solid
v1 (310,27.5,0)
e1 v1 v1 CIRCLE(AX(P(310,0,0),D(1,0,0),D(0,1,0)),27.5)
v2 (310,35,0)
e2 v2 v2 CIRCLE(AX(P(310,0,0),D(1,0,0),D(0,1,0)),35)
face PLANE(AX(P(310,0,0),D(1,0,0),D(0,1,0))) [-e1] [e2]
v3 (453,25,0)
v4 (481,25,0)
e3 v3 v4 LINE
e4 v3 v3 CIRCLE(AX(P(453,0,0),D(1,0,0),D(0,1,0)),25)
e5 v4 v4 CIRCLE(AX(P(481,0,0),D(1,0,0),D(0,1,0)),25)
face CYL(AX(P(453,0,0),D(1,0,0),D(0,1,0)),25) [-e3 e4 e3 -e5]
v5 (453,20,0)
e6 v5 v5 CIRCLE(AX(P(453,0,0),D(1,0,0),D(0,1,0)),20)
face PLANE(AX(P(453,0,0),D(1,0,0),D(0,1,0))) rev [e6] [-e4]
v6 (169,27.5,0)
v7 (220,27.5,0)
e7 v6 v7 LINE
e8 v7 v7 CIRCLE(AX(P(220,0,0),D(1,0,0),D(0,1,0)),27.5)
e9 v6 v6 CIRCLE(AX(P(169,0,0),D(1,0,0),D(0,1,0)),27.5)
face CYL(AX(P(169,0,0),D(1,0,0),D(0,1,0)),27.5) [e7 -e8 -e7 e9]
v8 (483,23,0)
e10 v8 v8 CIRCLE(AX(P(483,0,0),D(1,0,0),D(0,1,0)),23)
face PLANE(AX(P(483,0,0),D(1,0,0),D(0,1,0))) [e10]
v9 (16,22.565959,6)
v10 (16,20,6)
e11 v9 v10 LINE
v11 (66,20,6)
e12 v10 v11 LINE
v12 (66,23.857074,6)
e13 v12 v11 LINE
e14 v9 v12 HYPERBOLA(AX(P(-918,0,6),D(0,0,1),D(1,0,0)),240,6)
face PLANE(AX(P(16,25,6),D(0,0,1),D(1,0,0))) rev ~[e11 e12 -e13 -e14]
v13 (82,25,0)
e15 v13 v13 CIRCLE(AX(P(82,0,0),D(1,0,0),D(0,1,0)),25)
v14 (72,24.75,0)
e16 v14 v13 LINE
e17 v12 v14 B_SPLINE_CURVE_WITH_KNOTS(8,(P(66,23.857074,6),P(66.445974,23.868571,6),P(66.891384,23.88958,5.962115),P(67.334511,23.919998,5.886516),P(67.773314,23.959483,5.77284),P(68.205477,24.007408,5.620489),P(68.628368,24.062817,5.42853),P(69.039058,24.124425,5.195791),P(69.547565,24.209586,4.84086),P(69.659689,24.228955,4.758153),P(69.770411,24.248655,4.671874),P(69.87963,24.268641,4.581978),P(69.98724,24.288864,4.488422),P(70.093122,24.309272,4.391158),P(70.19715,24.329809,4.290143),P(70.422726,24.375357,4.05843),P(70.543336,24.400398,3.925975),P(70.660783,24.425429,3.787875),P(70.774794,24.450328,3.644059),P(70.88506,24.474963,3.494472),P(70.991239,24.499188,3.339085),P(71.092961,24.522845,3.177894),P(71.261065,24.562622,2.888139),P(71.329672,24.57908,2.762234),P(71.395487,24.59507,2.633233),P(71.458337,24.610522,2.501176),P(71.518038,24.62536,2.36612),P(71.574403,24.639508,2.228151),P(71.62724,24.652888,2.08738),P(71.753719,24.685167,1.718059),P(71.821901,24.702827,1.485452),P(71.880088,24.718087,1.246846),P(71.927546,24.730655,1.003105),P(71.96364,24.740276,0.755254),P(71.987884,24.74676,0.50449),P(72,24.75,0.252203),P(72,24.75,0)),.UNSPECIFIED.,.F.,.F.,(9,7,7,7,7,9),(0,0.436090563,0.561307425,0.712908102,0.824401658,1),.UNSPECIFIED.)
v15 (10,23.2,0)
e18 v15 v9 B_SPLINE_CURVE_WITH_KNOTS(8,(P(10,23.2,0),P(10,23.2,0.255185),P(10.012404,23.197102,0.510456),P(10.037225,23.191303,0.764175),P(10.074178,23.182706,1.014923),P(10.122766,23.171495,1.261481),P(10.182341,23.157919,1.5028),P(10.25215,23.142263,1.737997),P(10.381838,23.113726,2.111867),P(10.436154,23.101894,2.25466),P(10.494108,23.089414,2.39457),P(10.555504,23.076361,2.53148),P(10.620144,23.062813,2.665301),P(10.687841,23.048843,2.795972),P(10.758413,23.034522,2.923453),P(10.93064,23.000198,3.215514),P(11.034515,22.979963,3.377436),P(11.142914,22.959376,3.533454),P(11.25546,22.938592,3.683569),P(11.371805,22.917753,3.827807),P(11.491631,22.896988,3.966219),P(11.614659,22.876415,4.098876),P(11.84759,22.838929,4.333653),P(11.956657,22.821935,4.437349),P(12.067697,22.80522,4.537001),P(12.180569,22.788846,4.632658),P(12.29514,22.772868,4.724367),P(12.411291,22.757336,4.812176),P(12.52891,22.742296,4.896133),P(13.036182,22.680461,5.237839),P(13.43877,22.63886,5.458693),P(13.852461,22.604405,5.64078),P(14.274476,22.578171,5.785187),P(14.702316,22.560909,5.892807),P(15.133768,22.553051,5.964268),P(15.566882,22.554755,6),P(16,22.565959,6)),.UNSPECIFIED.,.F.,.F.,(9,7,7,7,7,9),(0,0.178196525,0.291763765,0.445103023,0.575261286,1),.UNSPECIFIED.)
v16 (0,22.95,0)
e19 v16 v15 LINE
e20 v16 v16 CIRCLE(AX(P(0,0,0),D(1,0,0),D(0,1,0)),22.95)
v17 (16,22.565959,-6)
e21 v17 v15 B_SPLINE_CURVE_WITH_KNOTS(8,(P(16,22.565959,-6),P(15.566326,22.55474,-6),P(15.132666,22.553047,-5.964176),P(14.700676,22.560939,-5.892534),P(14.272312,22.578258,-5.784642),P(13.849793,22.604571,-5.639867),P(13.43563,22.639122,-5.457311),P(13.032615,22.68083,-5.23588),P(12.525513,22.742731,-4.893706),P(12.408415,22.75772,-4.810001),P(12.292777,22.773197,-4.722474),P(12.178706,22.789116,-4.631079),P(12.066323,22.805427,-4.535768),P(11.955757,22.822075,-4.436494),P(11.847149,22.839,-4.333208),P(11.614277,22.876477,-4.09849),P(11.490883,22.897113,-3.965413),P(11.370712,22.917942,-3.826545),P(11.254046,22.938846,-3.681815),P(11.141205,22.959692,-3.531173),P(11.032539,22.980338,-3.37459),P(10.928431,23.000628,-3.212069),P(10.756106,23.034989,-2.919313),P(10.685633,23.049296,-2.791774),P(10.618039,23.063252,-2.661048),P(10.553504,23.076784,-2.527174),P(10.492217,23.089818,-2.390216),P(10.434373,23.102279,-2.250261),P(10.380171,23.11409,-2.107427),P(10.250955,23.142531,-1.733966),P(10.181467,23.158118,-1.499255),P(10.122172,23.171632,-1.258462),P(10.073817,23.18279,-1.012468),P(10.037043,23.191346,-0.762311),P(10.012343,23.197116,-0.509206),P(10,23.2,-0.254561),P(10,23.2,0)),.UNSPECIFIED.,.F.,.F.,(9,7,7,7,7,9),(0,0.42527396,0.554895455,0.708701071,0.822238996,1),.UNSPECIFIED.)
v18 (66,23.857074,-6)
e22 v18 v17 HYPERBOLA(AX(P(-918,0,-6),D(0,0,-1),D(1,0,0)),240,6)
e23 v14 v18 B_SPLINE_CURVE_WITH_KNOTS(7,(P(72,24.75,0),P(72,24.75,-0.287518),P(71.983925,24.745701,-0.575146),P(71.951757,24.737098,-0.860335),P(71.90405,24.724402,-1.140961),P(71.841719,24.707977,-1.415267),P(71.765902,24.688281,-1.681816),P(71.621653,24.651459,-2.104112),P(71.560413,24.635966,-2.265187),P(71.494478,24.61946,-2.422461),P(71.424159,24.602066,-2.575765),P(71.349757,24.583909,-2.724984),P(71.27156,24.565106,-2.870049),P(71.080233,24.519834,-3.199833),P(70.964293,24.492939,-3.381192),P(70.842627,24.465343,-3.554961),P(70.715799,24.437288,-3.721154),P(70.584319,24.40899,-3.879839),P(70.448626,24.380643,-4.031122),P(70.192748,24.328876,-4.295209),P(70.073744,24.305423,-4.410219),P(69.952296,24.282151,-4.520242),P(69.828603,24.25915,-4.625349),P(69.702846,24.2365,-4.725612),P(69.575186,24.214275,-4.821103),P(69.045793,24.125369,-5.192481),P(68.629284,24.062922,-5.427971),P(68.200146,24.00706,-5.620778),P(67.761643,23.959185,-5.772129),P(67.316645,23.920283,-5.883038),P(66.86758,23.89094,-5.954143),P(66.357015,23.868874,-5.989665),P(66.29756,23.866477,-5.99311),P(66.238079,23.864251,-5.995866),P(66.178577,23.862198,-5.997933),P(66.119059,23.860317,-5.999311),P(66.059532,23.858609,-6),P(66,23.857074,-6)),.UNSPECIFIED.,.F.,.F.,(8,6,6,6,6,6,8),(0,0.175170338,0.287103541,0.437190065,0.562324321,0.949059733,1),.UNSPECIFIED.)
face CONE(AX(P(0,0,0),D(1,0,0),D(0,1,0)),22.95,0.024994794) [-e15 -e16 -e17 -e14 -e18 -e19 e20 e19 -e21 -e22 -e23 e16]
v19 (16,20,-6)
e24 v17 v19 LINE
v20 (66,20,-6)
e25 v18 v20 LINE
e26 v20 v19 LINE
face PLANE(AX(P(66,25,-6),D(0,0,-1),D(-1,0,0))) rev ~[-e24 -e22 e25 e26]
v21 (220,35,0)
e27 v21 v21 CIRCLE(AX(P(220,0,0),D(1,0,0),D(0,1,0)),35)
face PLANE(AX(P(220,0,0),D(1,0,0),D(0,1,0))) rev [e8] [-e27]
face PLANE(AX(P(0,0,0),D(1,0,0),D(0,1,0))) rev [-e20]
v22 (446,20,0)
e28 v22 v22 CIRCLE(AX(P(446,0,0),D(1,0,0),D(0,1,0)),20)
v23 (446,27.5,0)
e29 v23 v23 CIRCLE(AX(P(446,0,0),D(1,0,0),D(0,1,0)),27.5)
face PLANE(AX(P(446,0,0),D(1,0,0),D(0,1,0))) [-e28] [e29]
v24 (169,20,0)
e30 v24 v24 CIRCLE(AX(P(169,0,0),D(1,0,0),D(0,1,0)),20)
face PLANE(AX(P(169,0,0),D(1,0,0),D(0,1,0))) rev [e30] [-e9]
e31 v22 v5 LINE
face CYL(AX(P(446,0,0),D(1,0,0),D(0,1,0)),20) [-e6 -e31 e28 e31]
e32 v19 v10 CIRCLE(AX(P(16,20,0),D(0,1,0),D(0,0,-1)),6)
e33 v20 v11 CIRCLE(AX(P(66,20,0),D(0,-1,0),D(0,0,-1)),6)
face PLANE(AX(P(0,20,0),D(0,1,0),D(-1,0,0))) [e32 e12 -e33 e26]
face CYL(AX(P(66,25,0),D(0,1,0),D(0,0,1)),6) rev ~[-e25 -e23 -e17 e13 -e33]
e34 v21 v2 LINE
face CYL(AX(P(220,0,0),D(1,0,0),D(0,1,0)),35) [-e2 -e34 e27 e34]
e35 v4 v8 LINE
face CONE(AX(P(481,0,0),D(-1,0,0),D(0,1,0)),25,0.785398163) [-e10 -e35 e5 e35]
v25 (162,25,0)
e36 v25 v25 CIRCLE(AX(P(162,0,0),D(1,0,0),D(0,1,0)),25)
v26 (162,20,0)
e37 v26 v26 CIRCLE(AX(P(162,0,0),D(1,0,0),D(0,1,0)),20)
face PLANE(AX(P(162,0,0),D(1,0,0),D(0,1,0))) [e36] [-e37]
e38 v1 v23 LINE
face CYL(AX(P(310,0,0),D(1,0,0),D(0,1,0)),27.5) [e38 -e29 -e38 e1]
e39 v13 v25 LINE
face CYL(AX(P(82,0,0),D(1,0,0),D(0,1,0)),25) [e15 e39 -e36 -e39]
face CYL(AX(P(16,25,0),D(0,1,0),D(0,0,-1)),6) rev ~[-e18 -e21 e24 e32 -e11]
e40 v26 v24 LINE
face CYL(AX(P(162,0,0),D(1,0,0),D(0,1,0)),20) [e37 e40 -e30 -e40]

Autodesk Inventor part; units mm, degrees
ref_plane "Начальная плоскость" through (0, 0, 0) normal (1, 0, 0) x (0, 1, 0)
ref_plane "XY Plane" through (0, 0, 0) normal (0, 0, 1) x (1, 0, 0)
sketch "Основной эскиз" plane through (0, 0, 0) normal (0, 0, 1) x (1, 0, 0)
  line L0 (0, 0) -> (483, 0)
  line L1 (0, 0) -> (0, 22.95)
  line L2 (0, 22.95) -> (82, 25)
  line L3 (162, 25) -> (162, 20)
  line L4 (82, 25) -> (162, 25)
  line L5 (162, 20) -> (169, 20)
  line L6 (169, 20) -> (169, 27.5)
  line L7 (169, 27.5) -> (220, 27.5)
  line L8 (220, 27.5) -> (220, 35)
  line L9 (310, 35) -> (310, 27.5)
  line L10 (220, 35) -> (310, 35)
  line L11 (446, 27.5) -> (446, 20)
  line L12 (310, 27.5) -> (446, 27.5)
  line L13 (446, 20) -> (453, 20)
  line L14 (453, 20) -> (453, 25)
  line L15 (483, 25) -> (483, 0)
  line L16 (453, 25) -> (483, 25)
  dimension "d3" = 50
  dimension "d4" = 40
  dimension "d5" = 55
  dimension "d6" = 70
  dimension "d7" = 55
  dimension "d8" = 40
  dimension "d9" = 50
revolve "Вращение1" add sketch "Основной эскиз" angle 360 about axis through (0, 0, 0) along (1, 0, 0)
chamfer "Фаска1" distance 2 angle 45 1 edges at (483, -25, 0) measured on face at (463, 24.6763, -4.0103)
ref_plane "РабПлоскость1" through (0, 25, 0) normal (0, 1, 0) x (-1, 0, 0)
sketch "Эскиз3" plane through (0, 25, 0) normal (0, 1, 0) x (-1, 0, 0)
  line L0 (-16, 0) -> (-66, 0) construction
  line L1 (-16, 6) -> (-66, 6)
  line L2 (-66, -6) -> (-16, -6)
  arc A0 (-16, -6) -> (-16, 6) centre (-16, 0) ccw
  arc A1 (-66, 6) -> (-66, -6) centre (-66, 0) ccw
  line L3 (0, -22.95) -> (0, 22.95) projected
  line L4 (14.4, 0) -> (-86.4, 0) projected
  point P0 (0, 0)
  point P1 (-41, 0)
  dimension "d15" = 25
  dimension "d16" = 12
  dimension "d17" = 41
extrude "Выдавливание1" cut sketch "Эскиз3" against normal blind 5
equation "\"Length\" = 483"
properties part number "Вал" material "Сталь, углеродистая"
